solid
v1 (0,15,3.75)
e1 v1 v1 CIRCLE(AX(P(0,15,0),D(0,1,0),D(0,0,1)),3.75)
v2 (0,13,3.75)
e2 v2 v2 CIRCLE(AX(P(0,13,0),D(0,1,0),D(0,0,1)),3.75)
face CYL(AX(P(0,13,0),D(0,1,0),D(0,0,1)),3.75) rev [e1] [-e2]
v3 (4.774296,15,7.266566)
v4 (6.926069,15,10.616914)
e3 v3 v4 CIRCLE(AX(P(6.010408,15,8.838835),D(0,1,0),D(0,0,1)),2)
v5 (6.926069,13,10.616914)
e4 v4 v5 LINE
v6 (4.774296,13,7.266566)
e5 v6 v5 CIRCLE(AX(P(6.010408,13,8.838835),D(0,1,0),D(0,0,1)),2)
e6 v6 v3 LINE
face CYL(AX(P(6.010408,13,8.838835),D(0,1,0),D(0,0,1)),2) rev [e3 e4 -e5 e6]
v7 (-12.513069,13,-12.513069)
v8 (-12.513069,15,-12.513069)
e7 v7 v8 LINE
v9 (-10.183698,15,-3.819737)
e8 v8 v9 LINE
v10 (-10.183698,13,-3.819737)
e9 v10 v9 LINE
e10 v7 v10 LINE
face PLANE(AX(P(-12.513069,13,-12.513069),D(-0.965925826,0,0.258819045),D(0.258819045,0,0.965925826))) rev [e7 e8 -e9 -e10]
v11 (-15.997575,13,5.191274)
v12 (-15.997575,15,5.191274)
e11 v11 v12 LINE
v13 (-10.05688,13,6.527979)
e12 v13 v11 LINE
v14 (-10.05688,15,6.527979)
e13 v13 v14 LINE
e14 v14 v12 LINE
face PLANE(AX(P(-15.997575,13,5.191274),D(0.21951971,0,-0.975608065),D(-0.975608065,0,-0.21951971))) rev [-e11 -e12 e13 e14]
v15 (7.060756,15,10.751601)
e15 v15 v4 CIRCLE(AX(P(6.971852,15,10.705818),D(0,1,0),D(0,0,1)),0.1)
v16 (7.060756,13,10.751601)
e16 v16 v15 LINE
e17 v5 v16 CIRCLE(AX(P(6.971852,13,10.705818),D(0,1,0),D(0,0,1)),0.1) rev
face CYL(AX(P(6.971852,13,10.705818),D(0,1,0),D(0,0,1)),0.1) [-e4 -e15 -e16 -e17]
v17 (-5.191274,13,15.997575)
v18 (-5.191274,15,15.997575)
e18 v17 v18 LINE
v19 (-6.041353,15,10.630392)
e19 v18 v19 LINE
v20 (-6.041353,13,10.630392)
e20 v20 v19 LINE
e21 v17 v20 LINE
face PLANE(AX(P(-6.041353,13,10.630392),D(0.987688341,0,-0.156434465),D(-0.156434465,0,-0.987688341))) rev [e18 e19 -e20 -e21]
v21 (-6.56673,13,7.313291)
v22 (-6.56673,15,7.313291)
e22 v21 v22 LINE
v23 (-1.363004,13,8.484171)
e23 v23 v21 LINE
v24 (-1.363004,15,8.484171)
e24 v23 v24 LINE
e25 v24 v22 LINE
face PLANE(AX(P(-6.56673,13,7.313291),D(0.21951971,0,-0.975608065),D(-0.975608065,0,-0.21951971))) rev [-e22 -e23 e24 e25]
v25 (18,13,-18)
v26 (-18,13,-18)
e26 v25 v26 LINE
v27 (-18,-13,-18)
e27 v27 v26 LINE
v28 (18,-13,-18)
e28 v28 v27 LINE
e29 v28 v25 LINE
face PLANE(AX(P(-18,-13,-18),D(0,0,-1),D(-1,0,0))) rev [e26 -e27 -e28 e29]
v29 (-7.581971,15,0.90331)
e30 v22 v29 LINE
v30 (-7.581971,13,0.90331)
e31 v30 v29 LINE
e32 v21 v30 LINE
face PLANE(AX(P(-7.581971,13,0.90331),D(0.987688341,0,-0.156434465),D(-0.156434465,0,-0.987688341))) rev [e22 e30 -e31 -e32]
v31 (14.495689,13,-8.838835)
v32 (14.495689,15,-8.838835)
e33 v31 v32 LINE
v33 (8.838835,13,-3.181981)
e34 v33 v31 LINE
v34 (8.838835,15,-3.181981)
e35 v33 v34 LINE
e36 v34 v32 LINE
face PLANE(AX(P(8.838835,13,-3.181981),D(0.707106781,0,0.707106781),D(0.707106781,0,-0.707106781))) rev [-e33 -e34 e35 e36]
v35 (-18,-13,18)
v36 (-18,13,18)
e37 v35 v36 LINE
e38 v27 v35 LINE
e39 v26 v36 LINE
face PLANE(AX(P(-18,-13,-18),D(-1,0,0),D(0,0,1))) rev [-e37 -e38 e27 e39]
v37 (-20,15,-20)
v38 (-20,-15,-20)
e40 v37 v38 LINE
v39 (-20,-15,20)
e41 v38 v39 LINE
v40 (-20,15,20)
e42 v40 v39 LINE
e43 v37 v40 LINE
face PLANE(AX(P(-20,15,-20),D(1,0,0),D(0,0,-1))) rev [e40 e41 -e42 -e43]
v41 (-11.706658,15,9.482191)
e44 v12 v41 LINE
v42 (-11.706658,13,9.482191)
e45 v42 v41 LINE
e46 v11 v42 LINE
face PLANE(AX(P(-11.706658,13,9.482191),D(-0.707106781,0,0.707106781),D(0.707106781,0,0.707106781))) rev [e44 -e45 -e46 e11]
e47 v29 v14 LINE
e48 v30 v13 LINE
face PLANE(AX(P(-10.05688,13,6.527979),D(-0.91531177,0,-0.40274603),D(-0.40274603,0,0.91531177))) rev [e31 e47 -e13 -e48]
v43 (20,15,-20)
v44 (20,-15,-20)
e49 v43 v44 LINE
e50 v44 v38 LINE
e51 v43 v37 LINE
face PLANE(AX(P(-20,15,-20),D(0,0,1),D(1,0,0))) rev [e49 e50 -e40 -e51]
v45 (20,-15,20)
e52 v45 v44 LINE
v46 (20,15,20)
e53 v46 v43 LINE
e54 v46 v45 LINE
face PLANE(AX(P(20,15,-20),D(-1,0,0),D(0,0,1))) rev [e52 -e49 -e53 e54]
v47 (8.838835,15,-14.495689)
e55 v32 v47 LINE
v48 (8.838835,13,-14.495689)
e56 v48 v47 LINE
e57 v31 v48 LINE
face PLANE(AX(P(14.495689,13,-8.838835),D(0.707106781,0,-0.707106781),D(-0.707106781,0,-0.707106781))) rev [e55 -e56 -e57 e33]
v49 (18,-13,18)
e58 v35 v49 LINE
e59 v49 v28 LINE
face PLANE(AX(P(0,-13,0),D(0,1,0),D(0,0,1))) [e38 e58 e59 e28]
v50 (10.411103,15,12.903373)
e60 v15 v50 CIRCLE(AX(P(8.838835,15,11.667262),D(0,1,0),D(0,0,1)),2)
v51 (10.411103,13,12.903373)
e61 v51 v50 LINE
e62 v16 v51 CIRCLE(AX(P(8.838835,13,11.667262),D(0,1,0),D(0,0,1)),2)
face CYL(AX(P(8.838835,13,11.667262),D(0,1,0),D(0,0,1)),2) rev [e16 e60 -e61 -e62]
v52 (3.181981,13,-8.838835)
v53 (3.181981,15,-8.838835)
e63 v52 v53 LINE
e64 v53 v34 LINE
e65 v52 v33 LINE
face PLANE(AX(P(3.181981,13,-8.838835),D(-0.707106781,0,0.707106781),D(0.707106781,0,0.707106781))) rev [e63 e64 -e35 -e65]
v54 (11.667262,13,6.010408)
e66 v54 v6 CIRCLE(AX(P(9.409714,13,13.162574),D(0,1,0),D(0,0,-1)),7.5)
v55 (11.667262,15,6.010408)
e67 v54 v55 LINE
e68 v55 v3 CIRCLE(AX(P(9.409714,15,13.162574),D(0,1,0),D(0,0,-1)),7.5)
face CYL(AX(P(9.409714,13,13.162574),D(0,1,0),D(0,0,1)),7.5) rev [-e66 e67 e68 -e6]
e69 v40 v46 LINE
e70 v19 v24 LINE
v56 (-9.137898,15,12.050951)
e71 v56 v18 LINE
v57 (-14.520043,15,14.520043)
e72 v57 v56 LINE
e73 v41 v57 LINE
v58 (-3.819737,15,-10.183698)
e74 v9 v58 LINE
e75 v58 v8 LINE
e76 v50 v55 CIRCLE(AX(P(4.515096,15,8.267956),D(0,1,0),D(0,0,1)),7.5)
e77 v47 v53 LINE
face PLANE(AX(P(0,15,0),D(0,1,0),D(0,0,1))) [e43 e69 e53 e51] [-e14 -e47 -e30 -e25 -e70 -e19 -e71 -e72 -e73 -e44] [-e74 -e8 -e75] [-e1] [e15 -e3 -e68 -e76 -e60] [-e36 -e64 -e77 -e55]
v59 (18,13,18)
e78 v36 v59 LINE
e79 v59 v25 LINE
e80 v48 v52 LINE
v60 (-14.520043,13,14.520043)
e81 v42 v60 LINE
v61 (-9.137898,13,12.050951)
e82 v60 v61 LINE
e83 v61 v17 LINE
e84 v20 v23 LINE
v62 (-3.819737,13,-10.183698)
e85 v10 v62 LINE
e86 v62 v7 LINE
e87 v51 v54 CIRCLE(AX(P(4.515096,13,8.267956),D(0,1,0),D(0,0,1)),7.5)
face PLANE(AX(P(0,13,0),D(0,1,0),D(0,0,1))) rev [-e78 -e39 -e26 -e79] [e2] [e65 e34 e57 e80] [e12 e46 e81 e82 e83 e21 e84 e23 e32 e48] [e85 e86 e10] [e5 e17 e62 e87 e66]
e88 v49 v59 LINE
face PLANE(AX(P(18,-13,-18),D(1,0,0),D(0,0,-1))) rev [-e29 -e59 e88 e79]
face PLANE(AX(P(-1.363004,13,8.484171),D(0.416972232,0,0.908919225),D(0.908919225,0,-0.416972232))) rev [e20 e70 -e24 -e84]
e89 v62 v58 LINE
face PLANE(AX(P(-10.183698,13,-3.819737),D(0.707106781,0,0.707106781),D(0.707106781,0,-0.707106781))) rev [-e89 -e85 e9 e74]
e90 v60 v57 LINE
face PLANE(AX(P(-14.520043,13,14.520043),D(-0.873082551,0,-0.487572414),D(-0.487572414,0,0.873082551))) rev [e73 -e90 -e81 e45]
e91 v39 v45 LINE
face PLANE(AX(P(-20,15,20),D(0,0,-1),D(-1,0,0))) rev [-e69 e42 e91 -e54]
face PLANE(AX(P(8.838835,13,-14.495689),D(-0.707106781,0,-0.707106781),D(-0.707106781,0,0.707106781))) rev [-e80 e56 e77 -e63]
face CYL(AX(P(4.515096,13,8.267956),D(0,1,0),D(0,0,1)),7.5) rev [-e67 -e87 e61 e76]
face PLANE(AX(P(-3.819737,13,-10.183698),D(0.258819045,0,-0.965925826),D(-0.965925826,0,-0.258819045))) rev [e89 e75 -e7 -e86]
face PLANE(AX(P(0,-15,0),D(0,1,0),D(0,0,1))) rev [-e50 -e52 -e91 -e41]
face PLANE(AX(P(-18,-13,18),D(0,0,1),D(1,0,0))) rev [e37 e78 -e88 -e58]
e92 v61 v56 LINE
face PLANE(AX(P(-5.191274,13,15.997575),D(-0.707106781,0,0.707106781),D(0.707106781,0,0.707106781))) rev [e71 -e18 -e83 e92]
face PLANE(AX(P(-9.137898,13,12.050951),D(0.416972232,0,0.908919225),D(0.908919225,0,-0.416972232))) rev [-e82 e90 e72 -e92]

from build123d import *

# Parameters (mm, degrees)
SKETCH1_W           = 40
SKETCH1_H           = 40
BOSS_EXTRUDE1_DEPTH = 15
SKETCH2_W           = 36
SKETCH2_H           = 36
CUT_EXTRUDE1_DEPTH  = 26
SKETCH4_R           = 3.75
CUT_EXTRUDE4_DEPTH  = 2
FILLET1_R           = 0.1


with BuildPart() as part:
    # Sketch1 → Boss-Extrude1 (new, symmetric)
    with BuildSketch(Plane(origin=(0, 0, 0), x_dir=(1, 0, 0), z_dir=(0, 1, 0))):
        Rectangle(SKETCH1_W, SKETCH1_H)
    extrude(amount=BOSS_EXTRUDE1_DEPTH, both=True)

    # Sketch2 → Cut-Extrude1 (cut)
    with BuildSketch(Plane(origin=(0, 13, 0), x_dir=(1, 0, 0), z_dir=(0, 1, 0))):
        Rectangle(SKETCH2_W, SKETCH2_H)
    extrude(amount=-CUT_EXTRUDE1_DEPTH, mode=Mode.SUBTRACT)

    # Sketch4 → Cut-Extrude4 (cut)
    with BuildSketch(Plane(origin=(0, 15, 0), x_dir=(1, 0, 0), z_dir=(0, 1, 0))):
        with Locations(Location((0, 0, 0), (0, 0, 270))):
            Circle(SKETCH4_R)
        Polygon((-15.997574875, -5.191274493), (-10.056879788, -6.527978961), (-7.581971152, -0.903310223), (-6.566729947, -7.313290918), (-1.363004172, -8.484171327), (-6.041352713, -10.630392221), (-5.191274493, -15.997574875), (-9.13789809, -12.050951278), (-14.520043083, -14.520043083), (-11.706657929, -9.482191438), align=None)
        Polygon((14.495689014, 8.838834765), (8.838834765, 14.495689014), (3.181980515, 8.838834765), (8.838834765, 3.181980515), align=None)
        Polygon((-12.513069379, 12.513069379), (-10.183697973, 3.819736942), (-3.819736942, 10.183697973), align=None)
        with BuildLine():
            ThreePointArc((10.41110341, -12.903373255), (11.893574864, -9.612592954), (11.66726189, -6.01040764))
            ThreePointArc((11.66726189, -6.01040764), (8.065076576, -5.784094666), (4.774296275, -7.26656612))
            ThreePointArc((4.774296275, -7.26656612), (4.514513562, -10.166351585), (7.424621202, -10.253048327))
            ThreePointArc((7.424621202, -10.253048327), (7.511317945, -13.163155967), (10.41110341, -12.903373255))
        make_face()
    extrude(amount=-CUT_EXTRUDE4_DEPTH, mode=Mode.SUBTRACT)

    # Fillet1
    fillet1_edges = [part.edges().sort_by_distance(p)[0] for p in [
        (7.424621202, 14, 10.253048327),
    ]]
    fillet(fillet1_edges, radius=FILLET1_R)


solid = part.part
